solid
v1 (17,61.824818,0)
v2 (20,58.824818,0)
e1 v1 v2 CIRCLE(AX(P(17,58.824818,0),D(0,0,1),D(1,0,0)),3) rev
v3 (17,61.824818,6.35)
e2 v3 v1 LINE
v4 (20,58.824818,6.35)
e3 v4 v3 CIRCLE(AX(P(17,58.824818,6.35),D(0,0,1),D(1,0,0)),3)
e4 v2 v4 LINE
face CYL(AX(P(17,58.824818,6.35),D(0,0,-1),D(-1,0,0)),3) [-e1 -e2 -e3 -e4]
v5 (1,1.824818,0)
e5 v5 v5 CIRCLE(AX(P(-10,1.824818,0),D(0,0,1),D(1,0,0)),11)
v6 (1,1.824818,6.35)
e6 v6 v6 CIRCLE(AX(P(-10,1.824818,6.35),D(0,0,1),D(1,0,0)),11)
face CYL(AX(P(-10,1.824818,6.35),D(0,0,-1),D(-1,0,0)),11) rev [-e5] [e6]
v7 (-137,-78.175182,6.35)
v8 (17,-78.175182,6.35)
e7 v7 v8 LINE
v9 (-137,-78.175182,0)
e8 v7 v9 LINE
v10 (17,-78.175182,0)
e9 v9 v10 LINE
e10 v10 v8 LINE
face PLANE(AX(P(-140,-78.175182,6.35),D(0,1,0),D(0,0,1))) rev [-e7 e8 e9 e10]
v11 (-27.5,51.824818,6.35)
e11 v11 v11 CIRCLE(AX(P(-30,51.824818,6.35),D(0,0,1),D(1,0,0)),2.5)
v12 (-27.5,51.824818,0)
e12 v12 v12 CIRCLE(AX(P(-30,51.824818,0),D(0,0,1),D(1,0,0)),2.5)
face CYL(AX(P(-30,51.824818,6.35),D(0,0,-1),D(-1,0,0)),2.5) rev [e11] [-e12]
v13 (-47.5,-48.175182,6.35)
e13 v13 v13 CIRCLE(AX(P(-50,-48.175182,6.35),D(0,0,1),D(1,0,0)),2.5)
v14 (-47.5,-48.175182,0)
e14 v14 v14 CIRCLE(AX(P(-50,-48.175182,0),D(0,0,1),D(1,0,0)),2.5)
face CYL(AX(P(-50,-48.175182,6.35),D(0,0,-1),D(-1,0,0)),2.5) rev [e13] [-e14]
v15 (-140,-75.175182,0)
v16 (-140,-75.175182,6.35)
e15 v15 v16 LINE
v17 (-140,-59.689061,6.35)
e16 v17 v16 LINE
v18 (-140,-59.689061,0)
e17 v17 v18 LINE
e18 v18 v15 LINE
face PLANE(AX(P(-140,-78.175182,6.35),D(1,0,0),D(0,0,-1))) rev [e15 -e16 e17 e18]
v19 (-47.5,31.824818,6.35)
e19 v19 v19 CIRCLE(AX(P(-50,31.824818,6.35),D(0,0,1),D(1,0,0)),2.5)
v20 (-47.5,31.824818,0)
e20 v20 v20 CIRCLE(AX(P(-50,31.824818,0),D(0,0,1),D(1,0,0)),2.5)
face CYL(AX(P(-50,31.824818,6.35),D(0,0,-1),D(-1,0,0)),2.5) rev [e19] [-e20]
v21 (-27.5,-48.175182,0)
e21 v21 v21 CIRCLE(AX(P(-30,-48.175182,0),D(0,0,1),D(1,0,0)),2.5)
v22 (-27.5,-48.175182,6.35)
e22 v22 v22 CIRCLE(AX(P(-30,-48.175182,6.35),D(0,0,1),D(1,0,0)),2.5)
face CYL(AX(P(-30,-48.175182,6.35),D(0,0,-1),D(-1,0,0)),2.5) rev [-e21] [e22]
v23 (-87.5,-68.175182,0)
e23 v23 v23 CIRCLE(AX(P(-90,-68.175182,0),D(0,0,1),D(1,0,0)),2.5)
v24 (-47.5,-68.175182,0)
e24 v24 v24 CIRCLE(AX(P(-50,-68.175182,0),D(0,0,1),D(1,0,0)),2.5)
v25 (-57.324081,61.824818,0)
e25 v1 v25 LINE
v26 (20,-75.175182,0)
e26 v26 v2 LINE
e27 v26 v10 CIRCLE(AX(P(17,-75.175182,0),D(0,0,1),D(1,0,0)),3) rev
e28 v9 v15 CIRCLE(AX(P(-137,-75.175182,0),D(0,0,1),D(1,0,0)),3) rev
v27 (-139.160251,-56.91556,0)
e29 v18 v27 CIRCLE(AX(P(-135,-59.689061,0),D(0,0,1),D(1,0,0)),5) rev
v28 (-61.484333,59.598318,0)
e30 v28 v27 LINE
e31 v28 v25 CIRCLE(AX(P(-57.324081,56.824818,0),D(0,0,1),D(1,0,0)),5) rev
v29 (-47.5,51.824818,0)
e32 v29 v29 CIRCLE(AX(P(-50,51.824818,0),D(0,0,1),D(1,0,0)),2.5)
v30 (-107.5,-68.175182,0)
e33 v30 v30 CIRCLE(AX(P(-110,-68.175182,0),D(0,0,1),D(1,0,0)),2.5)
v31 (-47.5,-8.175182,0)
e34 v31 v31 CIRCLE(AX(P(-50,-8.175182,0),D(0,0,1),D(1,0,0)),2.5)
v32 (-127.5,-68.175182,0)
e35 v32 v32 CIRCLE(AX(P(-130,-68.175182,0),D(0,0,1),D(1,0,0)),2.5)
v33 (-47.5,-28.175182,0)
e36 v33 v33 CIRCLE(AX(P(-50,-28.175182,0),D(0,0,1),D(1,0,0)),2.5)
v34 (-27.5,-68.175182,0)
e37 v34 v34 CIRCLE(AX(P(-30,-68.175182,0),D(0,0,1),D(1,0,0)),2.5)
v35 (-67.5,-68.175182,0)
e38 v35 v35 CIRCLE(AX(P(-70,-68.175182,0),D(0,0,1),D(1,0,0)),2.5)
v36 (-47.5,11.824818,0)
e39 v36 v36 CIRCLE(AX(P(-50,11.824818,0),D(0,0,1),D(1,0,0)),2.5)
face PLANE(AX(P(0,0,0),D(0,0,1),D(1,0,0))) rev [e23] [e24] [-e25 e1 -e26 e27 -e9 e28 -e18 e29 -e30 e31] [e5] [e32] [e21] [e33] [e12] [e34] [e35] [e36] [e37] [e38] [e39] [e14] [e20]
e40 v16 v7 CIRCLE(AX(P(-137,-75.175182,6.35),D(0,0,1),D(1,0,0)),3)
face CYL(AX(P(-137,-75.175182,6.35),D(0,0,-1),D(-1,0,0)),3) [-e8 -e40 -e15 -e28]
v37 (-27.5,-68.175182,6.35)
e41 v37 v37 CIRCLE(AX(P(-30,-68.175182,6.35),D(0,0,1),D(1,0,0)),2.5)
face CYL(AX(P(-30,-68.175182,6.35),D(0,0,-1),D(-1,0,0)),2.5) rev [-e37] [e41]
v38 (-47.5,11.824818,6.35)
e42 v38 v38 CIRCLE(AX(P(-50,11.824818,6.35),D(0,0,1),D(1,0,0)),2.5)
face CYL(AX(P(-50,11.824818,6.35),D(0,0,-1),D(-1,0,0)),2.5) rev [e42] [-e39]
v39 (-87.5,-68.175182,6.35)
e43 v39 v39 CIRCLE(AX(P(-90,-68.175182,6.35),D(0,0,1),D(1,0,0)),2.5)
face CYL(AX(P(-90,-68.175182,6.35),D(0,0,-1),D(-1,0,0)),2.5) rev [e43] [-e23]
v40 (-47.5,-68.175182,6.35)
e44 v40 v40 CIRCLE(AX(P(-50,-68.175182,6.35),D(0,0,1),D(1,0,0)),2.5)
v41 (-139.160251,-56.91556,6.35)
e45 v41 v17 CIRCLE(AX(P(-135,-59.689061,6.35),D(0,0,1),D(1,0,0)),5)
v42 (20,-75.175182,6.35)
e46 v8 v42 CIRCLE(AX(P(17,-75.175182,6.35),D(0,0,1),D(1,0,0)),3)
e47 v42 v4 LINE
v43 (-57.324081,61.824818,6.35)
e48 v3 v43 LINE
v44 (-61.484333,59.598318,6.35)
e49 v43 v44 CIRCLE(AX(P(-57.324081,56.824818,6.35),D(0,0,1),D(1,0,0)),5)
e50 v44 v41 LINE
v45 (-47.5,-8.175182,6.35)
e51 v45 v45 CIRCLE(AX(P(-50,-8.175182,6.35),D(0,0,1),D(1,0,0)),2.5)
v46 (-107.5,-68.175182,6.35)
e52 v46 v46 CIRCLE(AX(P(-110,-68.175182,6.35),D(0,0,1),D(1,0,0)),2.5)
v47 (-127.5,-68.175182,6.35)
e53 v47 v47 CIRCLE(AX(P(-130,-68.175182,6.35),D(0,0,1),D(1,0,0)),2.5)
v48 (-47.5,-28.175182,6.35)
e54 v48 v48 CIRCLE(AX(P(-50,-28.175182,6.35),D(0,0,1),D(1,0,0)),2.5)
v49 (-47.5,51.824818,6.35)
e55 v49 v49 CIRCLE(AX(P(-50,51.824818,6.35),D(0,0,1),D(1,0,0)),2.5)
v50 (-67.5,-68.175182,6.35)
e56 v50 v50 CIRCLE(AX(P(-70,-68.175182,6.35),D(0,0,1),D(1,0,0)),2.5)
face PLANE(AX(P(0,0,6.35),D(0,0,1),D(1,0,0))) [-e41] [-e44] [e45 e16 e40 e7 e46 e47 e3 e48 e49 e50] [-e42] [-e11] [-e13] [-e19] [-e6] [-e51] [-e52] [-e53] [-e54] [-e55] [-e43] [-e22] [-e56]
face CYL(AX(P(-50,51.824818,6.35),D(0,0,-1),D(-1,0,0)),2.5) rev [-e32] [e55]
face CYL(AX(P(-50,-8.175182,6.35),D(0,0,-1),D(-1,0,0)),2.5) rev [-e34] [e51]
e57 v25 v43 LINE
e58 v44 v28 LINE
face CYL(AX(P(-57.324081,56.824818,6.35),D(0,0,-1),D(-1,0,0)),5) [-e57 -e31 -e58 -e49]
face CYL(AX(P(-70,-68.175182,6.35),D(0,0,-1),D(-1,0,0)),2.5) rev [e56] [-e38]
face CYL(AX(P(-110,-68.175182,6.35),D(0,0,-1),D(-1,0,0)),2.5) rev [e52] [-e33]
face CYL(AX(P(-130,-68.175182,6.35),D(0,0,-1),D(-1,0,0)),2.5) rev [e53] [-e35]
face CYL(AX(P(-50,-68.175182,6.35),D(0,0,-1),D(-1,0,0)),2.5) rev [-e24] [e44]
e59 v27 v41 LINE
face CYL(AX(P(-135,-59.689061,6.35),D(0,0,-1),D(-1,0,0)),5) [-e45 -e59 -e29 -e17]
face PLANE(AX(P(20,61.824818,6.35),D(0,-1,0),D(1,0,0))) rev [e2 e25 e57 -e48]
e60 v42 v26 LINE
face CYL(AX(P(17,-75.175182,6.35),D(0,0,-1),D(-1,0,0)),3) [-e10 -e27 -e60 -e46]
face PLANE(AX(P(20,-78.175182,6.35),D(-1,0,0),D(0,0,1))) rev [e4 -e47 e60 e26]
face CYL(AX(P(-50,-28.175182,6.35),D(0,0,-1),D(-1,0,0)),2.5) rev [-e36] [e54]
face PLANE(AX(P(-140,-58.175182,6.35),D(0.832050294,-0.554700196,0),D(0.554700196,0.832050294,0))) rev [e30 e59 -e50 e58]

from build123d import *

# Parameters (mm, degrees)
SKETCH1_R           = 2.5
SKETCH1_R_2         = 11
BOSS_EXTRUDE1_DEPTH = 6.35
FILLET1_R           = 5
FILLET2_R           = 3


with BuildPart() as part:
    # Sketch1 → Boss-Extrude1 (new body)
    with BuildSketch(Plane.XY):
        Polygon((20, 61.824817518), (-60, 61.824817518), (-140, -58.175182482), (-140, -78.175182482), (20, -78.175182482), align=None)
        with Locations((-50, -48.175182482)):
            Circle(SKETCH1_R, mode=Mode.SUBTRACT)
        with Locations((-50, -28.175182482)):
            Circle(SKETCH1_R, mode=Mode.SUBTRACT)
        with Locations((-50, -8.175182482)):
            Circle(SKETCH1_R, mode=Mode.SUBTRACT)
        with Locations((-50, 11.824817518)):
            Circle(SKETCH1_R, mode=Mode.SUBTRACT)
        with Locations((-50, 31.824817518)):
            Circle(SKETCH1_R, mode=Mode.SUBTRACT)
        with Locations((-50, 51.824817518)):
            Circle(SKETCH1_R, mode=Mode.SUBTRACT)
        with Locations((-30, -48.175182482)):
            Circle(SKETCH1_R, mode=Mode.SUBTRACT)
        with Locations((-30, 51.824817518)):
            Circle(SKETCH1_R, mode=Mode.SUBTRACT)
        with Locations((-10, 1.824817518)):
            Circle(SKETCH1_R_2, mode=Mode.SUBTRACT)
        with Locations((-30, -68.175182482)):
            Circle(SKETCH1_R, mode=Mode.SUBTRACT)
        with Locations((-50, -68.175182482)):
            Circle(SKETCH1_R, mode=Mode.SUBTRACT)
        with Locations((-70, -68.175182482)):
            Circle(SKETCH1_R, mode=Mode.SUBTRACT)
        with Locations((-90, -68.175182482)):
            Circle(SKETCH1_R, mode=Mode.SUBTRACT)
        with Locations((-110, -68.175182482)):
            Circle(SKETCH1_R, mode=Mode.SUBTRACT)
        with Locations((-130, -68.175182482)):
            Circle(SKETCH1_R, mode=Mode.SUBTRACT)
    extrude(amount=BOSS_EXTRUDE1_DEPTH)

    # Fillet1
    fillet1_edges = [part.edges().sort_by_distance(p)[0] for p in [
        (-140, -58.175182482, 3.175),
        (-60, 61.824817518, 3.175),
    ]]
    fillet(fillet1_edges, radius=FILLET1_R)

    # Fillet2
    fillet2_edges = [part.edges().sort_by_distance(p)[0] for p in [
        (20, -78.175182482, 3.175),
        (-140, -78.175182482, 3.175),
        (20, 61.824817518, 3.175),
    ]]
    fillet(fillet2_edges, radius=FILLET2_R)


solid = part.part
